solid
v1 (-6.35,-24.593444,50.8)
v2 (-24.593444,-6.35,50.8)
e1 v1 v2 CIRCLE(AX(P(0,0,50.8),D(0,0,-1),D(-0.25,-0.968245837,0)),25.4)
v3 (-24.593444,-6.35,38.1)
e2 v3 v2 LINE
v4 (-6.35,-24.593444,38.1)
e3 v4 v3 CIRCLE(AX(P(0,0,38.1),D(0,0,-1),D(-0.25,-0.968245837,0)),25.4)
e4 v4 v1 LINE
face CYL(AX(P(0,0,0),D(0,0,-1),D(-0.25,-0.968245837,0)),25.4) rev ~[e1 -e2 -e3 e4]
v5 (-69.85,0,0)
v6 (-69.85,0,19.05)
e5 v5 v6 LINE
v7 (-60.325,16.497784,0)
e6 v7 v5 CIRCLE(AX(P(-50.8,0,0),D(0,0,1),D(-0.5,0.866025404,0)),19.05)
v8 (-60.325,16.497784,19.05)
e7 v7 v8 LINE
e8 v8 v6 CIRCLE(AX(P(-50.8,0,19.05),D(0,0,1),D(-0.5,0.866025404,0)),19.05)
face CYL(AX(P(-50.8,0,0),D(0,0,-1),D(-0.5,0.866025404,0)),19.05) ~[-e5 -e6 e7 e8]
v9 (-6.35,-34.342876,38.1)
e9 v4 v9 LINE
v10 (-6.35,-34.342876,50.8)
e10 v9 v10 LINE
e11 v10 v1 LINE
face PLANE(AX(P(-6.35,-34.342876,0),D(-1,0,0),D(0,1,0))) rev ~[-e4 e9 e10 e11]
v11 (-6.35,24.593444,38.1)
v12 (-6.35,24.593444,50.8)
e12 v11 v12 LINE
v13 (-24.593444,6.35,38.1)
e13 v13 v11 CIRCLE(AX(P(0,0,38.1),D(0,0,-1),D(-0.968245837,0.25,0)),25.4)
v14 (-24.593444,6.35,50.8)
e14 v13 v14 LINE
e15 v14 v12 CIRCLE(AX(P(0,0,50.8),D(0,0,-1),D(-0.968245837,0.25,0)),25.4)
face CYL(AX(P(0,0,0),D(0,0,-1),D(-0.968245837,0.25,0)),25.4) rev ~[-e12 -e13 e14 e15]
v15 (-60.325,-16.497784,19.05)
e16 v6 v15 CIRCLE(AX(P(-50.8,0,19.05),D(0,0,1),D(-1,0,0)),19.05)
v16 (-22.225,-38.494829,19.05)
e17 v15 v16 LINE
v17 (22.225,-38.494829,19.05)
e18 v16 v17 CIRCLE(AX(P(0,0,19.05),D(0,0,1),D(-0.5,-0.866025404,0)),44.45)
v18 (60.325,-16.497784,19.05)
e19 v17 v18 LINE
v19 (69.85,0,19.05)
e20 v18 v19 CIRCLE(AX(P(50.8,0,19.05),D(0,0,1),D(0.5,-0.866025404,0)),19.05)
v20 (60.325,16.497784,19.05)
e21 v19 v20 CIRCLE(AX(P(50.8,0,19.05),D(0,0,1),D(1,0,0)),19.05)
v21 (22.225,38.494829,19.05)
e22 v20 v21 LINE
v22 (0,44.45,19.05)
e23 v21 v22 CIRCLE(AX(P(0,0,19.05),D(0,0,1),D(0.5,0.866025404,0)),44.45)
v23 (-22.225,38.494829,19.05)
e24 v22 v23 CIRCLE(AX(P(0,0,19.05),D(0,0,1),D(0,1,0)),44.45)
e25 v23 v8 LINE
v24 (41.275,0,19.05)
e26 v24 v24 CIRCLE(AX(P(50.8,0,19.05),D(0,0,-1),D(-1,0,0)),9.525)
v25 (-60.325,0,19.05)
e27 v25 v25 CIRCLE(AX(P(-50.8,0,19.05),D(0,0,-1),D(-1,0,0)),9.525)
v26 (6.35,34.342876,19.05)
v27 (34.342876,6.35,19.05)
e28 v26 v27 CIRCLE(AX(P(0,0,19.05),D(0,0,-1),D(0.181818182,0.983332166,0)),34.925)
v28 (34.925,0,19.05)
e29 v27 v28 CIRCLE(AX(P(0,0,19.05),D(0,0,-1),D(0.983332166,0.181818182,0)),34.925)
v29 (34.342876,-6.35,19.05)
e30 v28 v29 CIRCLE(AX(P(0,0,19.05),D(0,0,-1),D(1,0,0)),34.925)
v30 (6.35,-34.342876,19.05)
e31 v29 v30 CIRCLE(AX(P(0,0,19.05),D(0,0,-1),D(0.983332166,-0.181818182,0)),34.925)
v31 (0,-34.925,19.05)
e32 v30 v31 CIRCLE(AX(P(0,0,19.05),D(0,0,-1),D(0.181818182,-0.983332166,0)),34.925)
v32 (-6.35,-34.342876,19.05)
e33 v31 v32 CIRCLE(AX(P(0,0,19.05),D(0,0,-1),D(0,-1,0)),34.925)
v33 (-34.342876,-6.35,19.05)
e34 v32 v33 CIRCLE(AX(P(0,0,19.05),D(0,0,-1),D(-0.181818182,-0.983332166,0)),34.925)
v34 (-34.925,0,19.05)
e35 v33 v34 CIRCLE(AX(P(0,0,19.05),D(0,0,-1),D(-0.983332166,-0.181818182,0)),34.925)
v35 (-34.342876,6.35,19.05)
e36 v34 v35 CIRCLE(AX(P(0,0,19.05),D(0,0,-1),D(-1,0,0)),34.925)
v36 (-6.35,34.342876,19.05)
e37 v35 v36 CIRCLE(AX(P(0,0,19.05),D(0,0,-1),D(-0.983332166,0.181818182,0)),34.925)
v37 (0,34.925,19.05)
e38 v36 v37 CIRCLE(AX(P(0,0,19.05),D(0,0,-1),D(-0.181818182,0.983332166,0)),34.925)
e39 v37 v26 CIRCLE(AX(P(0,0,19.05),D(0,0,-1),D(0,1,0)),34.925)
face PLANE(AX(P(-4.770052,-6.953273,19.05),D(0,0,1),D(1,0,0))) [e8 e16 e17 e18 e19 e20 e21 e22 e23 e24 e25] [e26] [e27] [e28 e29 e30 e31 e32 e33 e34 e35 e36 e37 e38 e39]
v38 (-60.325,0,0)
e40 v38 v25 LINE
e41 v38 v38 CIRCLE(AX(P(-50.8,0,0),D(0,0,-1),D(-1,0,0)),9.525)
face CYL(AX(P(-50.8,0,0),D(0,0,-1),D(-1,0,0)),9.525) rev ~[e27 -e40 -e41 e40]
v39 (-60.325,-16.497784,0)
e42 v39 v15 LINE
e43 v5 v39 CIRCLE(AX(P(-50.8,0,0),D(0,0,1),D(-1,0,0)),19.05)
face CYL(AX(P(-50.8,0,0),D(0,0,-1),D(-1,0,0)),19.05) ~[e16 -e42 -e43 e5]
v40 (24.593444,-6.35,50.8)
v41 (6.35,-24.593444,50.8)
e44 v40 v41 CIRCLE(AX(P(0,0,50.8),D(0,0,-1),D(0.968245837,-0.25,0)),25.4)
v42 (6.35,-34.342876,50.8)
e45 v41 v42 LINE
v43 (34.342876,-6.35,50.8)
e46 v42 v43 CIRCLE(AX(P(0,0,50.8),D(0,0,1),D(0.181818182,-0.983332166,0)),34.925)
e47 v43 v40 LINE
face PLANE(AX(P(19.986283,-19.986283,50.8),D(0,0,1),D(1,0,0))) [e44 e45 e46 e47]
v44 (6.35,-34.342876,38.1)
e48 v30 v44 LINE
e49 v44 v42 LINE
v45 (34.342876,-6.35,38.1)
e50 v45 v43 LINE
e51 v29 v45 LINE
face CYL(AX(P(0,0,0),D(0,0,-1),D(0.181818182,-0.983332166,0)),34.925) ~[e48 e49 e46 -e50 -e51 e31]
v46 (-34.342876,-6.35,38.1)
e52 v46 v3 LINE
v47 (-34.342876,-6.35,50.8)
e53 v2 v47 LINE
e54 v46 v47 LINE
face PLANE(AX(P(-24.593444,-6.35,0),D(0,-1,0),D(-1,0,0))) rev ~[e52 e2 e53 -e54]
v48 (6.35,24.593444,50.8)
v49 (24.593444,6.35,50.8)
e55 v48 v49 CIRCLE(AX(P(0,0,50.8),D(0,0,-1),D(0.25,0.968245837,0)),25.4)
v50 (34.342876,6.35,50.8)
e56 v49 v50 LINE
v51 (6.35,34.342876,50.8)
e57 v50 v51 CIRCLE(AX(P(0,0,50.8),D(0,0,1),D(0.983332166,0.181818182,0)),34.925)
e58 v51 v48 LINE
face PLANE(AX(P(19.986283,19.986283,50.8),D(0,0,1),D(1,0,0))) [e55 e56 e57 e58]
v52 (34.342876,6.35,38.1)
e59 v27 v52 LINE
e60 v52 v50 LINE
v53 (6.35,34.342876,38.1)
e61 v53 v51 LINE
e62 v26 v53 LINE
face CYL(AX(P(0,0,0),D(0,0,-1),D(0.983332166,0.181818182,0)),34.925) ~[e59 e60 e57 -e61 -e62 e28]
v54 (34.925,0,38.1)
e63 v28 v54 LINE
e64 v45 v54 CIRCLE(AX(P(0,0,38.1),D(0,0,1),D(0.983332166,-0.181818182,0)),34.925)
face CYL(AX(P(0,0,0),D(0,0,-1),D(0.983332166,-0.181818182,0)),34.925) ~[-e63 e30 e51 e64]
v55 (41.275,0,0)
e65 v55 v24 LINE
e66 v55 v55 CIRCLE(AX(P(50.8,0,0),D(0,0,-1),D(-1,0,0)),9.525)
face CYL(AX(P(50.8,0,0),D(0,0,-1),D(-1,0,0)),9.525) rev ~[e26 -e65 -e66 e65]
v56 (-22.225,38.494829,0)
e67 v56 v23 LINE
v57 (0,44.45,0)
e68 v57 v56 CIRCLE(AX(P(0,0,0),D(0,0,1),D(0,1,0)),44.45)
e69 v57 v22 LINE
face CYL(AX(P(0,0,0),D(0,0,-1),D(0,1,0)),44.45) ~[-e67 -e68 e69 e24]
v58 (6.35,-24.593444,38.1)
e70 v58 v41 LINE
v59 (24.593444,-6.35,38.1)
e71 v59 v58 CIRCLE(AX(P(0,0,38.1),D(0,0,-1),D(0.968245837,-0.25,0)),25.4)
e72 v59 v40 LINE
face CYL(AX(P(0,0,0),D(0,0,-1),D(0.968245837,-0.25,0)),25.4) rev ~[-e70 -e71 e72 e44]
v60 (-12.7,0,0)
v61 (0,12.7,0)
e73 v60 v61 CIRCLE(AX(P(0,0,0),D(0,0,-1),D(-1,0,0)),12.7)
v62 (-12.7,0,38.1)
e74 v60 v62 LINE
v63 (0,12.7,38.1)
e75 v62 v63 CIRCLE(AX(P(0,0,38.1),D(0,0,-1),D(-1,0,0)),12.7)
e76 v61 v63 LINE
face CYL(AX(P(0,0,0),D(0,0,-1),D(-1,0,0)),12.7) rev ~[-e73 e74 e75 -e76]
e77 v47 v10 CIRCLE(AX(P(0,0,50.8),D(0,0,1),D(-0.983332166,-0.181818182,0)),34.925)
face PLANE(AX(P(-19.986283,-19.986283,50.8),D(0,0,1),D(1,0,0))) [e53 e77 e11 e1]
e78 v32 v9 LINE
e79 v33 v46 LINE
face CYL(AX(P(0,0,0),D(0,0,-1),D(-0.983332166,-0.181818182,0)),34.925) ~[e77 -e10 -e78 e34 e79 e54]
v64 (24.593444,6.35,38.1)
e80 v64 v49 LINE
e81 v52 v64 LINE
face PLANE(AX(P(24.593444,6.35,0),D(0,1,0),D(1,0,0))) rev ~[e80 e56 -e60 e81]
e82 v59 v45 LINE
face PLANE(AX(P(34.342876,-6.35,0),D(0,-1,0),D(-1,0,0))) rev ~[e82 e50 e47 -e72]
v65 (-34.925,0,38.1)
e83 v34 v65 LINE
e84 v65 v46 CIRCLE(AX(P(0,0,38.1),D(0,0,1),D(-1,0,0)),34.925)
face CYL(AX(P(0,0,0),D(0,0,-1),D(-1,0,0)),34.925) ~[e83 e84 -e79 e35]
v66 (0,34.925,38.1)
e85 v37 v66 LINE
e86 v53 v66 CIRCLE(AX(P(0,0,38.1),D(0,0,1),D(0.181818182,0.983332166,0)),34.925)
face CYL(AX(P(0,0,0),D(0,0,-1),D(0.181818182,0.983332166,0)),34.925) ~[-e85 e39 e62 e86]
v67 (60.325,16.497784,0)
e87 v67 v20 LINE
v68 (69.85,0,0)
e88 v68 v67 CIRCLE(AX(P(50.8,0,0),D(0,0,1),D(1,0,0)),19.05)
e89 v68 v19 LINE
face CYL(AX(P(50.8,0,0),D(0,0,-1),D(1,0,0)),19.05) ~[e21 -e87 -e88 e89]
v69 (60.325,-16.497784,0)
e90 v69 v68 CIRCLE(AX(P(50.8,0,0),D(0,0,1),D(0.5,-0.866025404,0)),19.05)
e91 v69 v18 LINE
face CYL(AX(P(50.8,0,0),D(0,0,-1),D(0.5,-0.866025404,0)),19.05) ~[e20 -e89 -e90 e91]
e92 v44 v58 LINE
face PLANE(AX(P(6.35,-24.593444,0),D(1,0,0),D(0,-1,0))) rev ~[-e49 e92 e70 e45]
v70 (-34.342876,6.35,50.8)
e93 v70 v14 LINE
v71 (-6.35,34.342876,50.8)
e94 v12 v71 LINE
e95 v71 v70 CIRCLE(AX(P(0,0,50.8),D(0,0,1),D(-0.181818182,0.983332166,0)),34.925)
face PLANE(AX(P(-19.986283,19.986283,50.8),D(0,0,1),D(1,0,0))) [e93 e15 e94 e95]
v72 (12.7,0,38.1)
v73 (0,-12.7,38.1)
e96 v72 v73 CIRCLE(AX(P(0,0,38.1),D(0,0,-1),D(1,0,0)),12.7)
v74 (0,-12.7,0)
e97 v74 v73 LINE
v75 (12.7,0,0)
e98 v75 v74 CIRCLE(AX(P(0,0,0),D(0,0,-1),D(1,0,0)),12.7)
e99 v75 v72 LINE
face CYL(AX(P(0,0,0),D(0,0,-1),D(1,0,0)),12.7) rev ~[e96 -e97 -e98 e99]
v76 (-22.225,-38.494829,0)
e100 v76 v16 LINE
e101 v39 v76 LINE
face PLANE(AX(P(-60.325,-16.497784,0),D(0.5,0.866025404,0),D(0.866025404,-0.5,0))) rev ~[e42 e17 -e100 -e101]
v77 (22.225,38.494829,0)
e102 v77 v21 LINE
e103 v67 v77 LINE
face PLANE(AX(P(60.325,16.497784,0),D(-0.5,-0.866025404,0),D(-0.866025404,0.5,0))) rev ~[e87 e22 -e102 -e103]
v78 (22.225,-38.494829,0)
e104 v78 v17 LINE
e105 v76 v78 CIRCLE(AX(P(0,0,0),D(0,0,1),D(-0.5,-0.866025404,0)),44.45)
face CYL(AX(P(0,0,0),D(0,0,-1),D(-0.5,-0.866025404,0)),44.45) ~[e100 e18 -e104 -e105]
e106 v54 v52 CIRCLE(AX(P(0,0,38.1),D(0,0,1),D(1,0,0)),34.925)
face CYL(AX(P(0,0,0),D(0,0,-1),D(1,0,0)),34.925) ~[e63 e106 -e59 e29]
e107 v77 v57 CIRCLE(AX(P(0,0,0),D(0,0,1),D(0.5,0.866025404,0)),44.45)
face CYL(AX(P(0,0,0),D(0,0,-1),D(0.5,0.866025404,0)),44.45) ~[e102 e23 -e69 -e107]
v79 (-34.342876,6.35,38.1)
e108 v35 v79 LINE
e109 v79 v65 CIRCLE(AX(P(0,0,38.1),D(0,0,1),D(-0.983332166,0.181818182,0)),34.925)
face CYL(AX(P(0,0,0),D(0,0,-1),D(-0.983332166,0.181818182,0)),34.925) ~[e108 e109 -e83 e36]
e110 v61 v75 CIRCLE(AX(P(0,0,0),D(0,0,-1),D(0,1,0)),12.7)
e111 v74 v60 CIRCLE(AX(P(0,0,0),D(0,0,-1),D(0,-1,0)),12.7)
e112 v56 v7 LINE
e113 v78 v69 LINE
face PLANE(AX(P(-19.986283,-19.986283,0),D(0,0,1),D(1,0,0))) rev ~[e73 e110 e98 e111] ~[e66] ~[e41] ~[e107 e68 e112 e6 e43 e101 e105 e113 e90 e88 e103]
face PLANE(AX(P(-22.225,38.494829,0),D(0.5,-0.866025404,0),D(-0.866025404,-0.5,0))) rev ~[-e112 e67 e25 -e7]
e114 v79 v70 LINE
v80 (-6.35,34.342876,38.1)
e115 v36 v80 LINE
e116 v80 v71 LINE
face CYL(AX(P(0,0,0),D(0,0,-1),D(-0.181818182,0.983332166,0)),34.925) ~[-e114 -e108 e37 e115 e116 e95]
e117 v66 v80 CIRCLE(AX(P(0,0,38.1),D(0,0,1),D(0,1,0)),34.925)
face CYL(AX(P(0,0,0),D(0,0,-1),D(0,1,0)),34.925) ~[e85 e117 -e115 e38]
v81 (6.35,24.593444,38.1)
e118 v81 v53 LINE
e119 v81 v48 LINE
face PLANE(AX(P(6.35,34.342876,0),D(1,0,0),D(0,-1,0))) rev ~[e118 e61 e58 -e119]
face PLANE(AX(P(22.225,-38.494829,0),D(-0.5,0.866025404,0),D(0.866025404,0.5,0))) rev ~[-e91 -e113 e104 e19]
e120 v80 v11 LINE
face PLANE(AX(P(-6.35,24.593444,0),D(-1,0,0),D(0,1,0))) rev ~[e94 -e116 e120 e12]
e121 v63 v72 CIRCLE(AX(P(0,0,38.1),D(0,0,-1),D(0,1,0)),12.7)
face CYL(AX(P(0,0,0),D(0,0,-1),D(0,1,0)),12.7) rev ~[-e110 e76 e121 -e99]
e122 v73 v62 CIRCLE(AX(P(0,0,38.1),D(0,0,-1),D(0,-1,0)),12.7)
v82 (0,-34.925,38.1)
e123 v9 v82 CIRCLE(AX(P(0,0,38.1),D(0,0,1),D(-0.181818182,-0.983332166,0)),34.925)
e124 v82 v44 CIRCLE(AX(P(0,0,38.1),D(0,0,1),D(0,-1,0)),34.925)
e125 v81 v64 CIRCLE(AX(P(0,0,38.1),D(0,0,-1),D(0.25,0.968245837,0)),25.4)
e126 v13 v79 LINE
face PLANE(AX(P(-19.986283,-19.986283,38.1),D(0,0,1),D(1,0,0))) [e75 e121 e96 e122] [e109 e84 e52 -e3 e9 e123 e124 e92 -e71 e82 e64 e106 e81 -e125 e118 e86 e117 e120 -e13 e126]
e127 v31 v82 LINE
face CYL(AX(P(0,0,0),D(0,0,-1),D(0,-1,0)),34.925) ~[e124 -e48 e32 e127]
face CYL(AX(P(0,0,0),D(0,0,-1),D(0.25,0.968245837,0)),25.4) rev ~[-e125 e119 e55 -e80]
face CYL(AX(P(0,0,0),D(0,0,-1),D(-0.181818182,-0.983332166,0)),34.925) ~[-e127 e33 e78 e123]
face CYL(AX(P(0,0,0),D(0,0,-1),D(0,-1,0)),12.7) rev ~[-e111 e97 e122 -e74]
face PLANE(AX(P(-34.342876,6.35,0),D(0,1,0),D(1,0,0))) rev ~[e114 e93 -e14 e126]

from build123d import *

# Parameters (mm, degrees)
F1_DEPTH = 19.05
F2_DEPTH = 38.1
F3_DEPTH = 50.8


with BuildPart() as f1:
    # F0 (on Top) → F1 (new body)
    with BuildSketch(Plane.XY):
        with BuildLine():
            Line((41.275, 0), (34.925, 0))
            ThreePointArc((34.925, 0), (34.7791644937, -3.1883133656), (34.3428758988, -6.35))
            ThreePointArc((34.3428758988, -6.35), (24.6957043329, -24.6957043329), (6.35, -34.3428758988))
            ThreePointArc((6.35, -34.3428758988), (3.1883133656, -34.7791644937), (0, -34.925))
            ThreePointArc((0, -34.925), (-3.1883133656, -34.7791644937), (-6.35, -34.3428758988))
            ThreePointArc((-6.35, -34.3428758988), (-24.6957043329, -24.6957043329), (-34.3428758988, -6.35))
            ThreePointArc((-34.3428758988, -6.35), (-34.7791644937, -3.1883133656), (-34.925, 0))
            ThreePointArc((-34.925, 0), (-34.7791644937, 3.1883133656), (-34.3428758988, 6.35))
            ThreePointArc((-34.3428758988, 6.35), (-24.6957043329, 24.6957043329), (-6.35, 34.3428758988))
            ThreePointArc((-6.35, 34.3428758988), (-3.1883133656, 34.7791644937), (0, 34.925))
            Line((0, 34.925), (0, 44.45))
            ThreePointArc((0, 44.45), (-11.5045065548, 42.9354029785), (-22.225, 38.4948291982))
            Line((-22.225, 38.4948291982), (-60.325, 16.4977839421))
            ThreePointArc((-60.325, 16.4977839421), (-67.2977839421, 9.525), (-69.85, 0))
            ThreePointArc((-69.85, 0), (-67.2977839421, -9.525), (-60.325, -16.4977839421))
            Line((-60.325, -16.4977839421), (-22.225, -38.4948291982))
            ThreePointArc((-22.225, -38.4948291982), (0, -44.45), (22.225, -38.4948291982))
            Line((22.225, -38.4948291982), (60.325, -16.4977839421))
            ThreePointArc((60.325, -16.4977839421), (67.2977839421, -9.525), (69.85, 0))
            Line((69.85, 0), (60.325, 0))
            ThreePointArc((60.325, 0), (50.8, -9.525), (41.275, 0))
        make_face()
        with BuildLine():
            ThreePointArc((-41.275, 0), (-50.8, -9.525), (-60.325, 0))
            ThreePointArc((-60.325, 0), (-50.8, 9.525), (-41.275, 0))
        make_face(mode=Mode.SUBTRACT)
        with BuildLine():
            ThreePointArc((34.3428758988, 6.35), (34.7791644937, 3.1883133656), (34.925, 0))
            Line((34.925, 0), (41.275, 0))
            ThreePointArc((41.275, 0), (50.8, 9.525), (60.325, 0))
            Line((60.325, 0), (69.85, 0))
            ThreePointArc((69.85, 0), (67.2977839421, 9.525), (60.325, 16.4977839421))
            Line((60.325, 16.4977839421), (22.225, 38.4948291982))
            ThreePointArc((22.225, 38.4948291982), (11.5045065548, 42.9354029785), (0, 44.45))
            Line((0, 44.45), (0, 34.925))
            ThreePointArc((0, 34.925), (3.1883133656, 34.7791644937), (6.35, 34.3428758988))
            ThreePointArc((6.35, 34.3428758988), (24.6957043329, 24.6957043329), (34.3428758988, 6.35))
        make_face()
    extrude(amount=F1_DEPTH)

    # F0 (on Top) → F2 (join)
    with BuildSketch(Plane.XY):
        with BuildLine():
            Line((-6.35, -34.3428758988), (-6.35, -24.5934442484))
            ThreePointArc((-6.35, -24.5934442484), (-17.9605122421, -17.9605122421), (-24.5934442484, -6.35))
            Line((-24.5934442484, -6.35), (-34.3428758988, -6.35))
            ThreePointArc((-34.3428758988, -6.35), (-24.6957043329, -24.6957043329), (-6.35, -34.3428758988))
        make_face()
        with BuildLine():
            ThreePointArc((-24.5934442484, -6.35), (-25.1975542852, -3.2005090291), (-25.4, 0))
            Line((-25.4, 0), (-34.925, 0))
            ThreePointArc((-34.925, 0), (-34.7791644937, -3.1883133656), (-34.3428758988, -6.35))
            Line((-34.3428758988, -6.35), (-24.5934442484, -6.35))
        make_face()
        with BuildLine():
            Line((-34.925, 0), (-25.4, 0))
            ThreePointArc((-25.4, 0), (-25.1975542852, 3.2005090291), (-24.5934442484, 6.35))
            Line((-24.5934442484, 6.35), (-34.3428758988, 6.35))
            ThreePointArc((-34.3428758988, 6.35), (-34.7791644937, 3.1883133656), (-34.925, 0))
        make_face()
        with BuildLine():
            ThreePointArc((-24.5934442484, 6.35), (-17.9605122421, 17.9605122421), (-6.35, 24.5934442484))
            Line((-6.35, 24.5934442484), (-6.35, 34.3428758988))
            ThreePointArc((-6.35, 34.3428758988), (-24.6957043329, 24.6957043329), (-34.3428758988, 6.35))
            Line((-34.3428758988, 6.35), (-24.5934442484, 6.35))
        make_face()
        with BuildLine():
            ThreePointArc((-6.35, 24.5934442484), (-3.2005090291, 25.1975542852), (0, 25.4))
            Line((0, 25.4), (0, 34.925))
            ThreePointArc((0, 34.925), (-3.1883133656, 34.7791644937), (-6.35, 34.3428758988))
            Line((-6.35, 34.3428758988), (-6.35, 24.5934442484))
        make_face()
        with BuildLine():
            Line((0, 34.925), (0, 25.4))
            ThreePointArc((0, 25.4), (3.2005090291, 25.1975542852), (6.35, 24.5934442484))
            Line((6.35, 24.5934442484), (6.35, 34.3428758988))
            ThreePointArc((6.35, 34.3428758988), (3.1883133656, 34.7791644937), (0, 34.925))
        make_face()
        with BuildLine():
            ThreePointArc((6.35, 24.5934442484), (17.9605122421, 17.9605122421), (24.5934442484, 6.35))
            Line((24.5934442484, 6.35), (34.3428758988, 6.35))
            ThreePointArc((34.3428758988, 6.35), (24.6957043329, 24.6957043329), (6.35, 34.3428758988))
            Line((6.35, 34.3428758988), (6.35, 24.5934442484))
        make_face()
        with BuildLine():
            ThreePointArc((24.5934442484, 6.35), (25.1975542852, 3.2005090291), (25.4, 0))
            Line((25.4, 0), (34.925, 0))
            ThreePointArc((34.925, 0), (34.7791644937, 3.1883133656), (34.3428758988, 6.35))
            Line((34.3428758988, 6.35), (24.5934442484, 6.35))
        make_face()
        with BuildLine():
            ThreePointArc((6.35, -24.5934442484), (3.2005090291, -25.1975542852), (0, -25.4))
            Line((0, -25.4), (0, -34.925))
            ThreePointArc((0, -34.925), (3.1883133656, -34.7791644937), (6.35, -34.3428758988))
            Line((6.35, -34.3428758988), (6.35, -24.5934442484))
        make_face()
        with BuildLine():
            Line((0, -34.925), (0, -25.4))
            ThreePointArc((0, -25.4), (-3.2005090291, -25.1975542852), (-6.35, -24.5934442484))
            Line((-6.35, -24.5934442484), (-6.35, -34.3428758988))
            ThreePointArc((-6.35, -34.3428758988), (-3.1883133656, -34.7791644937), (0, -34.925))
        make_face()
        with BuildLine():
            Line((34.925, 0), (25.4, 0))
            ThreePointArc((25.4, 0), (25.1975542852, -3.2005090291), (24.5934442484, -6.35))
            Line((24.5934442484, -6.35), (34.3428758988, -6.35))
            ThreePointArc((34.3428758988, -6.35), (34.7791644937, -3.1883133656), (34.925, 0))
        make_face()
        with BuildLine():
            Line((34.3428758988, -6.35), (24.5934442484, -6.35))
            ThreePointArc((24.5934442484, -6.35), (17.9605122421, -17.9605122421), (6.35, -24.5934442484))
            Line((6.35, -24.5934442484), (6.35, -34.3428758988))
            ThreePointArc((6.35, -34.3428758988), (24.6957043329, -24.6957043329), (34.3428758988, -6.35))
        make_face()
        with BuildLine():
            Line((0, -25.4), (0, -12.7))
            ThreePointArc((0, -12.7), (-8.9802561211, -8.9802561211), (-12.7, 0))
            Line((-12.7, 0), (-25.4, 0))
            ThreePointArc((-25.4, 0), (-25.1975542852, -3.2005090291), (-24.5934442484, -6.35))
            ThreePointArc((-24.5934442484, -6.35), (-17.9605122421, -17.9605122421), (-6.35, -24.5934442484))
            ThreePointArc((-6.35, -24.5934442484), (-3.2005090291, -25.1975542852), (0, -25.4))
        make_face()
        with BuildLine():
            Line((25.4, 0), (12.7, 0))
            ThreePointArc((12.7, 0), (8.9802561211, -8.9802561211), (0, -12.7))
            Line((0, -12.7), (0, -25.4))
            ThreePointArc((0, -25.4), (3.2005090291, -25.1975542852), (6.35, -24.5934442484))
            ThreePointArc((6.35, -24.5934442484), (17.9605122421, -17.9605122421), (24.5934442484, -6.35))
            ThreePointArc((24.5934442484, -6.35), (25.1975542852, -3.2005090291), (25.4, 0))
        make_face()
        with BuildLine():
            ThreePointArc((0, 12.7), (8.9802561211, 8.9802561211), (12.7, 0))
            Line((12.7, 0), (25.4, 0))
            ThreePointArc((25.4, 0), (25.1975542852, 3.2005090291), (24.5934442484, 6.35))
            ThreePointArc((24.5934442484, 6.35), (17.9605122421, 17.9605122421), (6.35, 24.5934442484))
            ThreePointArc((6.35, 24.5934442484), (3.2005090291, 25.1975542852), (0, 25.4))
            Line((0, 25.4), (0, 12.7))
        make_face()
        with BuildLine():
            ThreePointArc((-12.7, 0), (-8.9802561211, 8.9802561211), (0, 12.7))
            Line((0, 12.7), (0, 25.4))
            ThreePointArc((0, 25.4), (-3.2005090291, 25.1975542852), (-6.35, 24.5934442484))
            ThreePointArc((-6.35, 24.5934442484), (-17.9605122421, 17.9605122421), (-24.5934442484, 6.35))
            ThreePointArc((-24.5934442484, 6.35), (-25.1975542852, 3.2005090291), (-25.4, 0))
            Line((-25.4, 0), (-12.7, 0))
        make_face()
    extrude(amount=F2_DEPTH)

    # F0 (on Top) → F3 (join)
    with BuildSketch(Plane.XY):
        with BuildLine():
            Line((-6.35, -34.3428758988), (-6.35, -24.5934442484))
            ThreePointArc((-6.35, -24.5934442484), (-17.9605122421, -17.9605122421), (-24.5934442484, -6.35))
            Line((-24.5934442484, -6.35), (-34.3428758988, -6.35))
            ThreePointArc((-34.3428758988, -6.35), (-24.6957043329, -24.6957043329), (-6.35, -34.3428758988))
        make_face()
        with BuildLine():
            Line((34.3428758988, -6.35), (24.5934442484, -6.35))
            ThreePointArc((24.5934442484, -6.35), (17.9605122421, -17.9605122421), (6.35, -24.5934442484))
            Line((6.35, -24.5934442484), (6.35, -34.3428758988))
            ThreePointArc((6.35, -34.3428758988), (24.6957043329, -24.6957043329), (34.3428758988, -6.35))
        make_face()
        with BuildLine():
            ThreePointArc((6.35, 24.5934442484), (17.9605122421, 17.9605122421), (24.5934442484, 6.35))
            Line((24.5934442484, 6.35), (34.3428758988, 6.35))
            ThreePointArc((34.3428758988, 6.35), (24.6957043329, 24.6957043329), (6.35, 34.3428758988))
            Line((6.35, 34.3428758988), (6.35, 24.5934442484))
        make_face()
        with BuildLine():
            ThreePointArc((-24.5934442484, 6.35), (-17.9605122421, 17.9605122421), (-6.35, 24.5934442484))
            Line((-6.35, 24.5934442484), (-6.35, 34.3428758988))
            ThreePointArc((-6.35, 34.3428758988), (-24.6957043329, 24.6957043329), (-34.3428758988, 6.35))
            Line((-34.3428758988, 6.35), (-24.5934442484, 6.35))
        make_face()
    extrude(amount=F3_DEPTH)


solid = f1.part
